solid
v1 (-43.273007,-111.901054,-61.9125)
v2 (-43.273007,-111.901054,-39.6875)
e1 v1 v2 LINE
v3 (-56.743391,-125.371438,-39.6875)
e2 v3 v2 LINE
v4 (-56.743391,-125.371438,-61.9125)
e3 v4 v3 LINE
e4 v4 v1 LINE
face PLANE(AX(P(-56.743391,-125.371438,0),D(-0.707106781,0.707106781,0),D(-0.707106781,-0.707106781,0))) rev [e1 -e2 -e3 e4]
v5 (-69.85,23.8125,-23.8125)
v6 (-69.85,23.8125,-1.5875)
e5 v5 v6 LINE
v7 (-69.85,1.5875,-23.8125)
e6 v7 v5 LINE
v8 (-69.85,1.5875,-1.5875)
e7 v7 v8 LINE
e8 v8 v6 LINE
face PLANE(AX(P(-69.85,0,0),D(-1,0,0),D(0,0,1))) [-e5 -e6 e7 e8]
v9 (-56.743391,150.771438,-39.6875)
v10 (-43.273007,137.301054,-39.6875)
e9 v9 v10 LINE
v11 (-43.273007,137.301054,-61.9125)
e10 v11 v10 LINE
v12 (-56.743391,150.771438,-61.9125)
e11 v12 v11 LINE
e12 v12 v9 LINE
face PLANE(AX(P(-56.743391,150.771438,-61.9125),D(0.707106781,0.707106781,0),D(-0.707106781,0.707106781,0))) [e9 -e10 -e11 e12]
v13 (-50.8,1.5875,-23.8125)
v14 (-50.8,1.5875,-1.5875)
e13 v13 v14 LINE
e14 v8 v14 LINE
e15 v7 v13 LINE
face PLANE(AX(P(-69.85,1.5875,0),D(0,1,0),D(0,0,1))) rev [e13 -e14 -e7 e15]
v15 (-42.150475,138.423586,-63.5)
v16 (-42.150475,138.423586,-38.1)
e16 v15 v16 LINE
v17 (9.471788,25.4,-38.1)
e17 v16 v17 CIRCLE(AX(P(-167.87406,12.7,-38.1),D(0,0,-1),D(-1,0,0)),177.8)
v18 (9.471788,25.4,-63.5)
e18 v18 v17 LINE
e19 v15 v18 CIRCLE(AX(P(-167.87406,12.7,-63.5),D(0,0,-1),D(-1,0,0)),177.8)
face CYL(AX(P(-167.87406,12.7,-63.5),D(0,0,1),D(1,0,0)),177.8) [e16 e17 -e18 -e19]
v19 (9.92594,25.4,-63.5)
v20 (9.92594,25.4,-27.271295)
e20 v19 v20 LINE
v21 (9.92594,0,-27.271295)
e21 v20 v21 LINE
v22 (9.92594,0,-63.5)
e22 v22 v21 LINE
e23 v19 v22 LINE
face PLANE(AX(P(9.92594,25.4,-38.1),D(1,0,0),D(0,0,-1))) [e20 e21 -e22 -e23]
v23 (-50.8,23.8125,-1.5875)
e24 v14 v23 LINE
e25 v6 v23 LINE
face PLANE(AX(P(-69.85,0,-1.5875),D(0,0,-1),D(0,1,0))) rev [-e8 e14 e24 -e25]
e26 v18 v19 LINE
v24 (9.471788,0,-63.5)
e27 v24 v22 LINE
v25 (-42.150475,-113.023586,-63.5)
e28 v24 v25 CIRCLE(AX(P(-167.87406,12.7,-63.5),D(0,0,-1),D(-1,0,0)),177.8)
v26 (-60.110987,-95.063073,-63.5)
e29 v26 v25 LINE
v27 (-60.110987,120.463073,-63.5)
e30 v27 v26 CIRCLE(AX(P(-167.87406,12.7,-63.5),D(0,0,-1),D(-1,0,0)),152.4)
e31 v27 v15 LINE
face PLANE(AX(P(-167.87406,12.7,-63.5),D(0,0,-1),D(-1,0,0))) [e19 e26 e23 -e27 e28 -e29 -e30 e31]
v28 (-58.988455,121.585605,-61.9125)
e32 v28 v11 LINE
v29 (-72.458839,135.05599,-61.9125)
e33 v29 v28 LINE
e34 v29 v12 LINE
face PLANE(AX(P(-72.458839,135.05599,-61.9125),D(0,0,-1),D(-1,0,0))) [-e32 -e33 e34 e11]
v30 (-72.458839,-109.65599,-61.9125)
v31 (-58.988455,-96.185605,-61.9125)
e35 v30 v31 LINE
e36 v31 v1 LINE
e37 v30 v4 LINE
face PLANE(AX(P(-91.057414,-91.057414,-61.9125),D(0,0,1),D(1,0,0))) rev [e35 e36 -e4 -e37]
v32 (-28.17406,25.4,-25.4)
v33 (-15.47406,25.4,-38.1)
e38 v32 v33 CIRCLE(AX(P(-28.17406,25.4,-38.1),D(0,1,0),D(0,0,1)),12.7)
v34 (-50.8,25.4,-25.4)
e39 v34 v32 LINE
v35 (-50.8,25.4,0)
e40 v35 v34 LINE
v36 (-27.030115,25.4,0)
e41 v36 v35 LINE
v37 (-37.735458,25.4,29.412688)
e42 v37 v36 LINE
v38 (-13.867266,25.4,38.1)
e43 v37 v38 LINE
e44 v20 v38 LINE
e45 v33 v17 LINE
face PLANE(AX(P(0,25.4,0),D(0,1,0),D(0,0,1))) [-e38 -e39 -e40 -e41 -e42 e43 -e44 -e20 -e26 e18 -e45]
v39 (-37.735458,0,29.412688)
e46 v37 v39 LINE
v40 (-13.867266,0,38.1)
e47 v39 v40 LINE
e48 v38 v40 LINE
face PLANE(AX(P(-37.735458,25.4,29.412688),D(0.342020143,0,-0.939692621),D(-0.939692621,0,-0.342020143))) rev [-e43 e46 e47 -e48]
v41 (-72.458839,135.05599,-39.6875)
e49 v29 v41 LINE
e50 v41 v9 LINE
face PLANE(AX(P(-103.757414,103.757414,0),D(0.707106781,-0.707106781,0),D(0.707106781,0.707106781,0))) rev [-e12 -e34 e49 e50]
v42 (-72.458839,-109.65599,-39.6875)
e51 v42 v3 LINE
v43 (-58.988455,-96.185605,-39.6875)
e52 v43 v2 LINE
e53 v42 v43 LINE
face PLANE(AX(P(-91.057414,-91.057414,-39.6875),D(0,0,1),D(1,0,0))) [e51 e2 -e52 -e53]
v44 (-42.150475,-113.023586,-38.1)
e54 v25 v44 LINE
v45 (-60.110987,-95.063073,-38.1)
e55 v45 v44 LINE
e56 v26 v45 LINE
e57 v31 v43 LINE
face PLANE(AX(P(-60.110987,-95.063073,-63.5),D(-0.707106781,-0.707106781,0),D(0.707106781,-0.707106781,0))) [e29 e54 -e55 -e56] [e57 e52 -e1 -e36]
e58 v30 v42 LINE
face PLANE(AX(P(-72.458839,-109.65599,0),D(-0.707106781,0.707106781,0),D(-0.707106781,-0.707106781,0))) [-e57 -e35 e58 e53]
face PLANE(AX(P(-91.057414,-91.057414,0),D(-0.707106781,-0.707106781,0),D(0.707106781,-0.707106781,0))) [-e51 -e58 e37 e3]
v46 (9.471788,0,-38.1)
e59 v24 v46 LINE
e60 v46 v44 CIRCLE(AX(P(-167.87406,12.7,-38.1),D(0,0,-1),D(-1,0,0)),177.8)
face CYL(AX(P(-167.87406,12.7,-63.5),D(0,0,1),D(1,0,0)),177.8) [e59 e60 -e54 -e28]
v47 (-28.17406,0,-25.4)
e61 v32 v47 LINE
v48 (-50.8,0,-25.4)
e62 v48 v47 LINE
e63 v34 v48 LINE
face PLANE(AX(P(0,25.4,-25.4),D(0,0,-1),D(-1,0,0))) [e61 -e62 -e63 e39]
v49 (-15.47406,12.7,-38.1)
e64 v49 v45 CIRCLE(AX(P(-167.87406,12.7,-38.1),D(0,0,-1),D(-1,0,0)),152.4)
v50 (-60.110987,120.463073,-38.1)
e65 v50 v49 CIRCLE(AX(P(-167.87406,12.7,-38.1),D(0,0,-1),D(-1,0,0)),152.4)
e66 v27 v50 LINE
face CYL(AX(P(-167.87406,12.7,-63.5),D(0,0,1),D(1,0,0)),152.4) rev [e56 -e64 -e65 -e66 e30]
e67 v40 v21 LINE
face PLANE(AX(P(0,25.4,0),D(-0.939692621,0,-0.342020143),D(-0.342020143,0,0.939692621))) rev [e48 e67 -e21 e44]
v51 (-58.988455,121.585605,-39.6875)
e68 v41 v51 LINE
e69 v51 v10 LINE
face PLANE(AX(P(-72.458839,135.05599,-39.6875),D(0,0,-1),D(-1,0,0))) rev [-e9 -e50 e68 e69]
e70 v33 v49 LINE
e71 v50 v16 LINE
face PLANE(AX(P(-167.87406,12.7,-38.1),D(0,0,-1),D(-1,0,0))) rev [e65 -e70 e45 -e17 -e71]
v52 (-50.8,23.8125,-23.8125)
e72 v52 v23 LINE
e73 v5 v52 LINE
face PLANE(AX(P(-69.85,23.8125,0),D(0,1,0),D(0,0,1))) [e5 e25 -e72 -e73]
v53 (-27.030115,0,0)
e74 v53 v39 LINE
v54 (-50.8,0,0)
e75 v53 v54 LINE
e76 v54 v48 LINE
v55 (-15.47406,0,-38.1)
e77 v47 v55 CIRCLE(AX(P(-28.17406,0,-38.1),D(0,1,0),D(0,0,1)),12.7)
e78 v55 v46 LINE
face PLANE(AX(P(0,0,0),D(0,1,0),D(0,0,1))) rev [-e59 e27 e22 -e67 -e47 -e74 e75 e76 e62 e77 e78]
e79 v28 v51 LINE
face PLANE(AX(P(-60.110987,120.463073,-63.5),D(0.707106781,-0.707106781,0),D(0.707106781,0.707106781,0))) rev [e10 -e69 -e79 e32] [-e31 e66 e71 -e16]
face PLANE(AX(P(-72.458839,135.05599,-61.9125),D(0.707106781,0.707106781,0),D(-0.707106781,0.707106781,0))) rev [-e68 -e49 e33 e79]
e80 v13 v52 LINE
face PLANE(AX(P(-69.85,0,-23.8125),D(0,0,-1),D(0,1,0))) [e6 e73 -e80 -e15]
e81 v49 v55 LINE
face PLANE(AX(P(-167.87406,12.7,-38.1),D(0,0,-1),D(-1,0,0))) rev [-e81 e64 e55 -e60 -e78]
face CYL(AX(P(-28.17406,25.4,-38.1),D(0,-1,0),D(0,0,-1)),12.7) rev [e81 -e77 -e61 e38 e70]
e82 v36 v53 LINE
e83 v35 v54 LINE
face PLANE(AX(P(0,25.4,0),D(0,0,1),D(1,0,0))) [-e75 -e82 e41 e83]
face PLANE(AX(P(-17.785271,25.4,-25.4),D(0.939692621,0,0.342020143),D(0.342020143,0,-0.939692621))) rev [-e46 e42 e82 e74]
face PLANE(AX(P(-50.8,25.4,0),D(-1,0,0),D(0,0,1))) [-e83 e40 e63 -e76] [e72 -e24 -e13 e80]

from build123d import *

# Parameters (mm, degrees)
BOSS_EXTRUDE1_DEPTH  = 25.4
BOSS_EXTRUDE7_DEPTH  = 25.4
SKETCH5_W            = 22.225
SKETCH5_H            = 22.225
BOSS_EXTRUDE10_DEPTH = 19.05
SKETCH6_W            = 22.225
SKETCH6_H            = 22.225
BOSS_EXTRUDE11_DEPTH = 19.05
SKETCH7_W            = 22.225
SKETCH7_H            = 22.225
BOSS_EXTRUDE13_DEPTH = 19.05


with BuildPart() as part:
    # Sketch1 → Boss-Extrude1 (new body)
    with BuildSketch(Plane(origin=(0, 0, 0), x_dir=(1, 0, 0), z_dir=(0, 1, 0))):
        with BuildLine():
            Line((-50.8, 0), (-27.030115421, 0))
            Line((-27.030115421, 0), (-37.735458494, -29.41268836))
            Line((-37.735458494, -29.41268836), (-13.867265926, -38.1))
            Line((-13.867265926, -38.1), (9.925939517, 27.27129469))
            Line((9.925939517, 27.27129469), (9.925939517, 38.1))
            Line((9.925939517, 38.1), (-15.474060483, 38.1))
            ThreePointArc((-15.474060483, 38.1), (-19.193804362, 29.119743879), (-28.174060483, 25.4))
            Line((-28.174060483, 25.4), (-50.8, 25.4))
            Line((-50.8, 25.4), (-50.8, 0))
        make_face()
    extrude(amount=BOSS_EXTRUDE1_DEPTH)

    # Sketch4 → Boss-Extrude7 (add)
    with BuildSketch(Plane(origin=(0, 0, -38.1), x_dir=(-1, 0, 0), z_dir=(0, 0, -1))):
        with BuildLine():
            Line((-9.925939517, 25.4), (-9.925939517, 0))
            Line((-9.925939517, 0), (-9.471788073, 0))
            ThreePointArc((-9.471788073, 0), (6.144801457, -61.168036219), (42.150474788, -113.023585695))
            Line((42.150474788, -113.023585695), (60.11098703, -95.063073453))
            ThreePointArc((60.11098703, -95.063073453), (15.474060483, 12.7), (60.11098703, 120.463073453))
            Line((60.11098703, 120.463073453), (42.150474788, 138.423585695))
            ThreePointArc((42.150474788, 138.423585695), (6.144801457, 86.568036219), (-9.471788073, 25.4))
            Line((-9.471788073, 25.4), (-9.925939517, 25.4))
        make_face()
    extrude(amount=BOSS_EXTRUDE7_DEPTH)

    # Sketch5 → Boss-Extrude10 (add)
    with BuildSketch(Plane(origin=(-90.287030241, 90.287030241, 0), x_dir=(0, 0, 1), z_dir=(-0.7071067811865479, 0.7071067811865472, 0))):
        with Locations((-50.8, 55.375369568)):
            Rectangle(SKETCH5_W, SKETCH5_H)
    extrude(amount=BOSS_EXTRUDE10_DEPTH)

    # Sketch6 → Boss-Extrude11 (add)
    with BuildSketch(Plane(origin=(-77.587030241, -77.587030241, 0), x_dir=(0, 0, 1), z_dir=(-0.7071067811865478, -0.7071067811865472, 0))):
        with Locations((-50.8, -37.414857326)):
            Rectangle(SKETCH6_W, SKETCH6_H)
    extrude(amount=BOSS_EXTRUDE11_DEPTH)

    # Sketch7 → Boss-Extrude13 (add)
    with BuildSketch(Plane.ZY.offset(50.8)):
        with Locations((-12.7, 12.7)):
            Rectangle(SKETCH7_W, SKETCH7_H)
    extrude(amount=BOSS_EXTRUDE13_DEPTH)


solid = part.part
